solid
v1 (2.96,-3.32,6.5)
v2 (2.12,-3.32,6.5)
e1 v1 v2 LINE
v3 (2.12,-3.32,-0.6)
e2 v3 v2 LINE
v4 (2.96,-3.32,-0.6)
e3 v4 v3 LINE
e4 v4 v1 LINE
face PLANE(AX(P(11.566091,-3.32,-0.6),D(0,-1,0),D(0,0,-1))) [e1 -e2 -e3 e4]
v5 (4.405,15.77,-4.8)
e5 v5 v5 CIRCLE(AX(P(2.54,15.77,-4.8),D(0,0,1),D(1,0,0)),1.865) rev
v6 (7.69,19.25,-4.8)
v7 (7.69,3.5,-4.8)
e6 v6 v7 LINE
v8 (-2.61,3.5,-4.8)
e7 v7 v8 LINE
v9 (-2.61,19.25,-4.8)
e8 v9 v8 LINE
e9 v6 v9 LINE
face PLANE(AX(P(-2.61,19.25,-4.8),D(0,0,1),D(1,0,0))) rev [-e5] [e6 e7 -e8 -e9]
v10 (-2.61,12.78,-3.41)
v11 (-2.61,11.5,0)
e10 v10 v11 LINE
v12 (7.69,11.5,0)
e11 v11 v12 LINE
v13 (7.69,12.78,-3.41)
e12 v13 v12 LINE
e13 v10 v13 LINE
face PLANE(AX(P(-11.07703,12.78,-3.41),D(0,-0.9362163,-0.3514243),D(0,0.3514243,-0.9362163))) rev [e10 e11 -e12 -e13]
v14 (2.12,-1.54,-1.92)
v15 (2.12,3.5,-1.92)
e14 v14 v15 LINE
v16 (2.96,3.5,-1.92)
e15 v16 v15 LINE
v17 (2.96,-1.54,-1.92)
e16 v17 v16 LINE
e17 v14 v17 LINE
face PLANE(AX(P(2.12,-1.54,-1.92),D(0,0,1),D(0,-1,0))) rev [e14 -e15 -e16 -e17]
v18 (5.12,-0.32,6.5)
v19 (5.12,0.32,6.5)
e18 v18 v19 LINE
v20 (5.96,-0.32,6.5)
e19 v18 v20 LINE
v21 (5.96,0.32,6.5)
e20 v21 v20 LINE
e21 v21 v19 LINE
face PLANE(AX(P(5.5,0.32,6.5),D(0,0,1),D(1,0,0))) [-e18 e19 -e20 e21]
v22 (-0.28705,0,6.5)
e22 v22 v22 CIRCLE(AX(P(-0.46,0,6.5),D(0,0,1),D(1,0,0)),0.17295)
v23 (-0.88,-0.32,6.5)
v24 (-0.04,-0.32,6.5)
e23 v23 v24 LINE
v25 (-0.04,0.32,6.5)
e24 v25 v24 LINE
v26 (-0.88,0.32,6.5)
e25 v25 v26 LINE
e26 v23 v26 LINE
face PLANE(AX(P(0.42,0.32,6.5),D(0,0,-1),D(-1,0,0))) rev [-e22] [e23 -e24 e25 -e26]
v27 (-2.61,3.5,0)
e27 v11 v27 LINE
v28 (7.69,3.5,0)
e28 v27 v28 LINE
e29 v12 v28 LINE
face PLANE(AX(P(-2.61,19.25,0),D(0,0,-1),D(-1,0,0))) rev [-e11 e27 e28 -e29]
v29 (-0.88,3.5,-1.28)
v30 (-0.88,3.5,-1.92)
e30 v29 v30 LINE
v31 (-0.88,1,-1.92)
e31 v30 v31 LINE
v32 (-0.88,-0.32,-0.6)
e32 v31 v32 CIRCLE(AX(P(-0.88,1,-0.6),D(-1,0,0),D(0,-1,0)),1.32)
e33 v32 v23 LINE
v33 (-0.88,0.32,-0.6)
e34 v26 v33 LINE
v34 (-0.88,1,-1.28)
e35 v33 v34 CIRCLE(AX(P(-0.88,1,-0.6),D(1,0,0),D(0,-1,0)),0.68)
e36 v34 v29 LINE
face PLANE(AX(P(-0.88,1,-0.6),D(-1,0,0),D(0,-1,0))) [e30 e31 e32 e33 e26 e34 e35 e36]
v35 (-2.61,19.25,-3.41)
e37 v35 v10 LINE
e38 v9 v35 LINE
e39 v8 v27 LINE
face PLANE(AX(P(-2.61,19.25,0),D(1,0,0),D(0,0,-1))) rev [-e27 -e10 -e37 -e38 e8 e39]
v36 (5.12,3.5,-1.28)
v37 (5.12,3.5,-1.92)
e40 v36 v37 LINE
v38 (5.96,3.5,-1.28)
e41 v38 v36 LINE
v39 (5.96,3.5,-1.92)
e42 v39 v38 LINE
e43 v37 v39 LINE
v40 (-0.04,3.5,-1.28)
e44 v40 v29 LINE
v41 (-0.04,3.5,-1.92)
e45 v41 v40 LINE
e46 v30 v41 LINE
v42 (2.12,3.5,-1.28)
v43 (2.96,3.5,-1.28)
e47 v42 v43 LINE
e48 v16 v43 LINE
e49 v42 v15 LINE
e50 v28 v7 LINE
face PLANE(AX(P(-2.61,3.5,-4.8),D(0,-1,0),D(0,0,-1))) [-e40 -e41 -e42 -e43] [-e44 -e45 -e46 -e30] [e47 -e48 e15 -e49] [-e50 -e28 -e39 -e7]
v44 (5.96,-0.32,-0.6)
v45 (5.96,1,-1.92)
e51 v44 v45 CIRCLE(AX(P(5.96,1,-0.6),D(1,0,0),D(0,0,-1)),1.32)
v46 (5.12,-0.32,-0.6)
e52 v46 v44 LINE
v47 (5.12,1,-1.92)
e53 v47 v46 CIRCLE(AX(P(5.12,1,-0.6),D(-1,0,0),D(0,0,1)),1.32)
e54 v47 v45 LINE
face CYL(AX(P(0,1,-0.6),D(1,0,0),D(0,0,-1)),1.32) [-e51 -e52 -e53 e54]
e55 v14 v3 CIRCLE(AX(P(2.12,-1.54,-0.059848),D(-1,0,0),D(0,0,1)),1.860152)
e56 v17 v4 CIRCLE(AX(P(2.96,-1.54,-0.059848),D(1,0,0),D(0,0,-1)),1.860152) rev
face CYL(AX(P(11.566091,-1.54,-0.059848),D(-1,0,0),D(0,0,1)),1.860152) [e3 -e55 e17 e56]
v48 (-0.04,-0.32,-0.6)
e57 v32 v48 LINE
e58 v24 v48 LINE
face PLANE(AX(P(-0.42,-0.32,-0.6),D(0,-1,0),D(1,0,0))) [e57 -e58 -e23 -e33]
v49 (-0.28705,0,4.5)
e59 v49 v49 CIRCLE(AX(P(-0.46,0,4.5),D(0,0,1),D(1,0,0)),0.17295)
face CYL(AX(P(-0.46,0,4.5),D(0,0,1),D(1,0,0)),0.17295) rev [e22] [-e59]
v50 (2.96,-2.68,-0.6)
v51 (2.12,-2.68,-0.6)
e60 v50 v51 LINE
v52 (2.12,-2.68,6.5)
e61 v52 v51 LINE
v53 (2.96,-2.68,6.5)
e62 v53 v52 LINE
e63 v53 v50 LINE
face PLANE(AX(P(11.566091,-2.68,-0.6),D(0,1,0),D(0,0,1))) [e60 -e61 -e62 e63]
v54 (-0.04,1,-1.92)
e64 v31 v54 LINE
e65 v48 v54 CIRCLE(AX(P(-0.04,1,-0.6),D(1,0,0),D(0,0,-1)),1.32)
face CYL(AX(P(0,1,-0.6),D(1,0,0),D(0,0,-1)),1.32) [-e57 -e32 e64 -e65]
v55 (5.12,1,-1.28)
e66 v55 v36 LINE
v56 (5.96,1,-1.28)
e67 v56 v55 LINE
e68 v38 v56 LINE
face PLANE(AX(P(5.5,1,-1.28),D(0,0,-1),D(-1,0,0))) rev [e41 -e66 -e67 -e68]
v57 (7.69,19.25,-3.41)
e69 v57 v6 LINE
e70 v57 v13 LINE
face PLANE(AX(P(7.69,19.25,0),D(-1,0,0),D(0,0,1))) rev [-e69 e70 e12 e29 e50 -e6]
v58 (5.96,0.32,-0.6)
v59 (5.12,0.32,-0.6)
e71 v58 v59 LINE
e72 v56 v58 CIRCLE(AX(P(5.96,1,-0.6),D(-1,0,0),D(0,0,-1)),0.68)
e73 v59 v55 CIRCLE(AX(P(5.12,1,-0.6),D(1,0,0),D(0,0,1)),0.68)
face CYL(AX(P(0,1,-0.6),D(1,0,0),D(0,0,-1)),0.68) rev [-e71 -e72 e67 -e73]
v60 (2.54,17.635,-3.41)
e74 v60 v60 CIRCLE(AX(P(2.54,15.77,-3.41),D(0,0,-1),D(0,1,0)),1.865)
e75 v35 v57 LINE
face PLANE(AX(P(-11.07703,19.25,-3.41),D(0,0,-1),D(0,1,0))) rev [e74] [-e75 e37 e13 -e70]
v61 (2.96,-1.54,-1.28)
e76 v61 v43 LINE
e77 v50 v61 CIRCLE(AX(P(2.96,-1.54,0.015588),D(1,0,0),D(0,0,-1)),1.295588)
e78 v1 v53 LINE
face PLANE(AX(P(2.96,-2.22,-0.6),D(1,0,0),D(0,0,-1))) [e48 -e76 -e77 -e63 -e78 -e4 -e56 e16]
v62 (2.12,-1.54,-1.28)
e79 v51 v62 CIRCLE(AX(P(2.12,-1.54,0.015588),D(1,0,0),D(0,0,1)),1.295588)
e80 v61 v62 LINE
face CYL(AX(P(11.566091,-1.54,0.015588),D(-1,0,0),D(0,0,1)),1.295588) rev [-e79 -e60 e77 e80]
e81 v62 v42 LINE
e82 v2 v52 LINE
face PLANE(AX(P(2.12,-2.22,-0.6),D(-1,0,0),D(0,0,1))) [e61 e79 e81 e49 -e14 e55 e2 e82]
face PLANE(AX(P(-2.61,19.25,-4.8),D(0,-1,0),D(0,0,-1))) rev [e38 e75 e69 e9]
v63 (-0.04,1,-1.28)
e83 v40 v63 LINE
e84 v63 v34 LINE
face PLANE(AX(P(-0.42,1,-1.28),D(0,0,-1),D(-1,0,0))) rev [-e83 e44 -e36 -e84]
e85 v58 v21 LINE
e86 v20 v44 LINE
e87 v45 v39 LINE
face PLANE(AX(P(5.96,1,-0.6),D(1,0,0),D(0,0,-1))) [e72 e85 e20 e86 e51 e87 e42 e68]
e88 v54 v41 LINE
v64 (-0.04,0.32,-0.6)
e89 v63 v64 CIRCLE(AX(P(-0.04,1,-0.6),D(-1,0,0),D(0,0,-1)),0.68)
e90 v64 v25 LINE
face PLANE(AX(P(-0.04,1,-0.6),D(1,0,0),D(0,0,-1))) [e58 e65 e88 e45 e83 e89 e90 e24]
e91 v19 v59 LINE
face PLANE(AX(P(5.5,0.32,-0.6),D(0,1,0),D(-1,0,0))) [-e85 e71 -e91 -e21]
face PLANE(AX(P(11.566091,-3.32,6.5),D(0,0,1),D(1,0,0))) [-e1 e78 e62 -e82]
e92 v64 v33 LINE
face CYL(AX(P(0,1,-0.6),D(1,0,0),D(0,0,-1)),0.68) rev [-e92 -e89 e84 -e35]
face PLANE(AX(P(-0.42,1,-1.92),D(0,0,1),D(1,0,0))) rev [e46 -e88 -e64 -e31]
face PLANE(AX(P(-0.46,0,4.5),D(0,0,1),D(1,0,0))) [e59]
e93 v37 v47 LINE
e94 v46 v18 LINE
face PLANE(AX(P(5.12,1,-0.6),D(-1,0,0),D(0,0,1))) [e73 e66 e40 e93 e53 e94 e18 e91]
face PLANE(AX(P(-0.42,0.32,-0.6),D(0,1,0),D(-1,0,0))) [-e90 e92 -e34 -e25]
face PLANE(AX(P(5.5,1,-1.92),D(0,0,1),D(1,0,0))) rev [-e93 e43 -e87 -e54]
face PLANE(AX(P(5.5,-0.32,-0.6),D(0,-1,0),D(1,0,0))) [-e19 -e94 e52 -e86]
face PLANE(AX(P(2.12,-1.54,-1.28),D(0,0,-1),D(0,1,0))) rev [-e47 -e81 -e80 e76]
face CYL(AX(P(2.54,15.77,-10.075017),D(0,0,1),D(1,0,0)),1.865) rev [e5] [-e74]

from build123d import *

# Parameters (mm, degrees)
SKETCH_5_W                      = 10.3
SKETCH_5_H                      = 4.8
EXTRUDE_1_DEPTH                 = 15.75
CUT_EXTRUDE_1_REACH             = 23.278
CUT_EXTRUDE_1_DIRECTION_2_REACH = 23.278
SKETCH_11_R                     = 1.865
CUT_EXTRUDE_2_DEPTH             = 4.8
SKETCH_3_W                      = 0.84
SKETCH_3_H                      = 0.64
SKETCH_4_W                      = 0.84
SKETCH_4_H                      = 0.64
SKETCH_3_3_W                    = 0.84
SKETCH_3_3_H                    = 0.64
EXTRUDE_2_DEPTH                 = 2.5
SKETCH_4_3_W                    = 0.84
SKETCH_4_3_H                    = 0.64
EXTRUDE_3_DEPTH                 = 2.5
SKETCH_12_W                     = 0.84
SKETCH_12_H                     = 0.64
EXTRUDE_4_DEPTH                 = 4
EXTRUDE_5_DEPTH                 = 0.46
EXTRUDE_6_DEPTH                 = 0.46
CUT_EXTRUDE_3_DEPTH             = 0.46
CUT_EXTRUDE_START               = -0.46
CUT_EXTRUDE_4_DEPTH             = 0.46
SKETCH_17_R                     = 0.172950306
CUT_EXTRUDE_5_DEPTH             = 2
SKETCH_18_W                     = 11.930877945
SKETCH_18_H                     = 3.370946467
CUT_EXTRUDE_6_DEPTH             = 2
EXTRUDE_7_DEPTH                 = 0.84


with BuildPart() as part:
    # Эскиз5 → Вытянуть1 (new body)
    with BuildSketch(Plane(origin=(0, 3.5, 0), x_dir=(-1, 0, 0), z_dir=(0, 1, 0))):
        with Locations((-2.54, -2.4)):
            Rectangle(SKETCH_5_W, SKETCH_5_H)
    extrude(amount=EXTRUDE_1_DEPTH)

    # Вырез-Вытянуть1: up to this face of the body (flat: up to its plane)
    cut_extrude_1_end = Plane(part.part.faces().sort_by_distance((-2.61, 11.375, -2.4))[0])
    # Эскиз10 → Вырез-Вытянуть1 (cut, up to the picked face)
    with BuildSketch(Plane(origin=(0, 0, 0), x_dir=(0, 0, -1), z_dir=(1, 0, 0)), mode=Mode.PRIVATE) as cut_extrude_1_sk1:
        Polygon((0, 19.25), (3.41, 19.25), (3.41, 12.78), (0, 11.5), align=None)
    cut_extrude_1_tool1 = split(extrude(cut_extrude_1_sk1.sketch, amount=-CUT_EXTRUDE_1_REACH, mode=Mode.PRIVATE), bisect_by=cut_extrude_1_end, keep=Keep.BOTH, mode=Mode.PRIVATE)
    add(cut_extrude_1_tool1.solids().sort_by(Axis((0, 15.685398, -1.653842), (-1, 0, 0)))[0], mode=Mode.SUBTRACT)

    # Вырез-Вытянуть1 direction 2: up to this face of the body (flat: up to its plane)
    cut_extrude_1_direction_2_end = Plane(part.part.faces().sort_by_distance((7.69, 11.375, -2.4))[0])
    # Эскиз10 → Вырез-Вытянуть1 direction 2 (cut, up to the picked face)
    with BuildSketch(Plane(origin=(0, 0, 0), x_dir=(0, 0, -1), z_dir=(1, 0, 0)), mode=Mode.PRIVATE) as cut_extrude_1_direction_2_sk1:
        Polygon((0, 19.25), (3.41, 19.25), (3.41, 12.78), (0, 11.5), align=None)
    cut_extrude_1_direction_2_tool1 = split(extrude(cut_extrude_1_direction_2_sk1.sketch, amount=CUT_EXTRUDE_1_DIRECTION_2_REACH, mode=Mode.PRIVATE), bisect_by=cut_extrude_1_direction_2_end, keep=Keep.BOTH, mode=Mode.PRIVATE)
    add(cut_extrude_1_direction_2_tool1.solids().sort_by(Axis((0, 15.685398, -1.653842), (1, 0, 0)))[0], mode=Mode.SUBTRACT)

    # Эскиз11 → Вырез-Вытянуть2 (cut)
    with BuildSketch(Plane.XY):
        with Locations((2.54, 15.77)):
            Circle(SKETCH_11_R)
    extrude(amount=-CUT_EXTRUDE_2_DEPTH, mode=Mode.SUBTRACT)

    # По траектории1: sweep along a path in Эскиз8
    with BuildLine(Plane(origin=(0, 0, 0), x_dir=(0, 0, -1), z_dir=(1, 0, 0))) as sweep_1_path:
        Line((0, 0), (0.6, 0))
        ThreePointArc((0.6, 0), (1.307106781, 0.292893219), (1.6, 1))
        Line((1.6, 1), (1.6, 3.5))
    # Эскиз3 → По траектории1 (sweep)
    with BuildSketch(Plane.XY):
        Rectangle(SKETCH_3_W, SKETCH_3_H)
        with Locations((5.08, 0)):
            Rectangle(SKETCH_3_W, SKETCH_3_H)
    sweep(path=sweep_1_path.line)

    # По траектории2: sweep along a path in Эскиз9
    with BuildLine(Plane(origin=(0, 0, 0), x_dir=(0, 0, -1), z_dir=(1, 0, 0))) as sweep_2_path:
        Line((0, -2.54), (0.6, -2.54))
        ThreePointArc((0.6, -2.54), (1.307106781, -2.247106781), (1.6, -1.54))
        Line((1.6, -1.54), (1.6, 4.77))
    # Эскиз4 → По траектории2 (sweep)
    with BuildSketch(Plane.XY):
        with Locations((2.54, -2.54)):
            Rectangle(SKETCH_4_W, SKETCH_4_H)
    sweep(path=sweep_2_path.line)

    # Эскиз3<3> → Вытянуть2 (add)
    with BuildSketch(Plane.XY):
        Rectangle(SKETCH_3_3_W, SKETCH_3_3_H)
        with Locations((5.08, 0)):
            Rectangle(SKETCH_3_3_W, SKETCH_3_3_H)
    extrude(amount=EXTRUDE_2_DEPTH)

    # Эскиз4<3> → Вытянуть3 (add)
    with BuildSketch(Plane.XY):
        with Locations((2.54, -2.54)):
            Rectangle(SKETCH_4_3_W, SKETCH_4_3_H)
    extrude(amount=EXTRUDE_3_DEPTH)

    # Эскиз12 → Вытянуть4 (add)
    with BuildSketch(Plane.XY.offset(2.5)):
        Rectangle(SKETCH_12_W, SKETCH_12_H)
        with Locations((5.08, 0)):
            Rectangle(SKETCH_12_W, SKETCH_12_H)
        with Locations((2.54, -2.54)):
            Rectangle(SKETCH_12_W, SKETCH_12_H)
    extrude(amount=EXTRUDE_4_DEPTH)

    # Эскиз13 → Вытянуть5 (add)
    with BuildSketch(Plane.ZY.offset(0.42)):
        with BuildLine():
            Line((-0.6, -0.32), (6.5, -0.32))
            Line((6.5, -0.32), (6.5, 0.32))
            Line((6.5, 0.32), (-0.6, 0.32))
            ThreePointArc((-0.6, 0.32), (-1.080832611, 0.519167389), (-1.28, 1))
            Line((-1.28, 1), (-1.28, 3.5))
            Line((-1.28, 3.5), (-1.92, 3.5))
            Line((-1.92, 3.5), (-1.92, 1))
            ThreePointArc((-1.92, 1), (-1.533380951, 0.066619049), (-0.6, -0.32))
        make_face()
    extrude(amount=EXTRUDE_5_DEPTH)

    # Эскиз14 → Вытянуть6 (add)
    with BuildSketch(Plane(origin=(5.5, 0, 0), x_dir=(0, 0, -1), z_dir=(1, 0, 0))):
        with BuildLine():
            Line((0.6, 0.32), (-6.5, 0.32))
            Line((-6.5, 0.32), (-6.5, -0.32))
            Line((-6.5, -0.32), (0.6, -0.32))
            ThreePointArc((0.6, -0.32), (1.533380951, 0.066619049), (1.92, 1))
            Line((1.92, 1), (1.92, 3.5))
            Line((1.92, 3.5), (1.28, 3.5))
            Line((1.28, 3.5), (1.28, 1))
            ThreePointArc((1.28, 1), (1.080832611, 0.519167389), (0.6, 0.32))
        make_face()
    extrude(amount=EXTRUDE_6_DEPTH)

    # Эскиз15 → Вырез-Вытянуть3 (cut)
    with BuildSketch(Plane.ZY.offset(-4.66)):
        with BuildLine():
            Line((-0.6, -0.32), (6.5, -0.32))
            Line((6.5, -0.32), (6.5, 0.32))
            Line((6.5, 0.32), (-0.6, 0.32))
            ThreePointArc((-0.6, 0.32), (-1.080832611, 0.519167389), (-1.28, 1))
            Line((-1.28, 1), (-1.28, 3.5))
            Line((-1.28, 3.5), (-1.92, 3.5))
            Line((-1.92, 3.5), (-1.92, 1))
            ThreePointArc((-1.92, 1), (-1.533380951, 0.066619049), (-0.6, -0.32))
        make_face()
    extrude(amount=-CUT_EXTRUDE_3_DEPTH, mode=Mode.SUBTRACT)

    # Эскиз16 → Вырез-Вытянуть4 (cut)
    with BuildSketch(Plane(origin=(0.42, 0, 0), x_dir=(0, 0, -1), z_dir=(1, 0, 0)).offset(CUT_EXTRUDE_START)):
        with BuildLine():
            Line((0.6, 0.32), (-6.5, 0.32))
            Line((-6.5, 0.32), (-6.5, -0.32))
            Line((-6.5, -0.32), (0.6, -0.32))
            ThreePointArc((0.6, -0.32), (1.533380951, 0.066619049), (1.92, 1))
            Line((1.92, 1), (1.92, 3.5))
            Line((1.92, 3.5), (1.28, 3.5))
            Line((1.28, 3.5), (1.28, 1))
            ThreePointArc((1.28, 1), (1.080832611, 0.519167389), (0.6, 0.32))
        make_face()
    extrude(amount=CUT_EXTRUDE_4_DEPTH, mode=Mode.SUBTRACT)

    # Эскиз17 → Вырез-Вытянуть5 (cut)
    with BuildSketch(Plane.XY.offset(6.5)):
        with Locations((-0.46, 0)):
            Circle(SKETCH_17_R)
    extrude(amount=-CUT_EXTRUDE_5_DEPTH, mode=Mode.SUBTRACT)

    # Эскиз18 → Вырез-Вытянуть6 (cut)
    with BuildSketch(Plane.ZY.offset(-2.12)):
        with Locations((2.005211992, -3.225473234)):
            Rectangle(SKETCH_18_W, SKETCH_18_H)
    extrude(amount=-CUT_EXTRUDE_6_DEPTH, mode=Mode.SUBTRACT)

    # Эскиз19 → Вытянуть7 (add)
    with BuildSketch(Plane.ZY.offset(-2.12)):
        with BuildLine():
            Line((-0.6, -3.32), (6.5, -3.32))
            Line((6.5, -3.32), (6.5, -2.68))
            Line((6.5, -2.68), (-0.6, -2.68))
            ThreePointArc((-0.6, -2.68), (-1.097088212, -2.20370174), (-1.28, -1.54))
            Line((-1.28, -1.54), (-1.92, -1.54))
            ThreePointArc((-1.92, -1.54), (-1.553991604, -2.648016245), (-0.6, -3.32))
        make_face()
    extrude(amount=-EXTRUDE_7_DEPTH)


solid = part.part
